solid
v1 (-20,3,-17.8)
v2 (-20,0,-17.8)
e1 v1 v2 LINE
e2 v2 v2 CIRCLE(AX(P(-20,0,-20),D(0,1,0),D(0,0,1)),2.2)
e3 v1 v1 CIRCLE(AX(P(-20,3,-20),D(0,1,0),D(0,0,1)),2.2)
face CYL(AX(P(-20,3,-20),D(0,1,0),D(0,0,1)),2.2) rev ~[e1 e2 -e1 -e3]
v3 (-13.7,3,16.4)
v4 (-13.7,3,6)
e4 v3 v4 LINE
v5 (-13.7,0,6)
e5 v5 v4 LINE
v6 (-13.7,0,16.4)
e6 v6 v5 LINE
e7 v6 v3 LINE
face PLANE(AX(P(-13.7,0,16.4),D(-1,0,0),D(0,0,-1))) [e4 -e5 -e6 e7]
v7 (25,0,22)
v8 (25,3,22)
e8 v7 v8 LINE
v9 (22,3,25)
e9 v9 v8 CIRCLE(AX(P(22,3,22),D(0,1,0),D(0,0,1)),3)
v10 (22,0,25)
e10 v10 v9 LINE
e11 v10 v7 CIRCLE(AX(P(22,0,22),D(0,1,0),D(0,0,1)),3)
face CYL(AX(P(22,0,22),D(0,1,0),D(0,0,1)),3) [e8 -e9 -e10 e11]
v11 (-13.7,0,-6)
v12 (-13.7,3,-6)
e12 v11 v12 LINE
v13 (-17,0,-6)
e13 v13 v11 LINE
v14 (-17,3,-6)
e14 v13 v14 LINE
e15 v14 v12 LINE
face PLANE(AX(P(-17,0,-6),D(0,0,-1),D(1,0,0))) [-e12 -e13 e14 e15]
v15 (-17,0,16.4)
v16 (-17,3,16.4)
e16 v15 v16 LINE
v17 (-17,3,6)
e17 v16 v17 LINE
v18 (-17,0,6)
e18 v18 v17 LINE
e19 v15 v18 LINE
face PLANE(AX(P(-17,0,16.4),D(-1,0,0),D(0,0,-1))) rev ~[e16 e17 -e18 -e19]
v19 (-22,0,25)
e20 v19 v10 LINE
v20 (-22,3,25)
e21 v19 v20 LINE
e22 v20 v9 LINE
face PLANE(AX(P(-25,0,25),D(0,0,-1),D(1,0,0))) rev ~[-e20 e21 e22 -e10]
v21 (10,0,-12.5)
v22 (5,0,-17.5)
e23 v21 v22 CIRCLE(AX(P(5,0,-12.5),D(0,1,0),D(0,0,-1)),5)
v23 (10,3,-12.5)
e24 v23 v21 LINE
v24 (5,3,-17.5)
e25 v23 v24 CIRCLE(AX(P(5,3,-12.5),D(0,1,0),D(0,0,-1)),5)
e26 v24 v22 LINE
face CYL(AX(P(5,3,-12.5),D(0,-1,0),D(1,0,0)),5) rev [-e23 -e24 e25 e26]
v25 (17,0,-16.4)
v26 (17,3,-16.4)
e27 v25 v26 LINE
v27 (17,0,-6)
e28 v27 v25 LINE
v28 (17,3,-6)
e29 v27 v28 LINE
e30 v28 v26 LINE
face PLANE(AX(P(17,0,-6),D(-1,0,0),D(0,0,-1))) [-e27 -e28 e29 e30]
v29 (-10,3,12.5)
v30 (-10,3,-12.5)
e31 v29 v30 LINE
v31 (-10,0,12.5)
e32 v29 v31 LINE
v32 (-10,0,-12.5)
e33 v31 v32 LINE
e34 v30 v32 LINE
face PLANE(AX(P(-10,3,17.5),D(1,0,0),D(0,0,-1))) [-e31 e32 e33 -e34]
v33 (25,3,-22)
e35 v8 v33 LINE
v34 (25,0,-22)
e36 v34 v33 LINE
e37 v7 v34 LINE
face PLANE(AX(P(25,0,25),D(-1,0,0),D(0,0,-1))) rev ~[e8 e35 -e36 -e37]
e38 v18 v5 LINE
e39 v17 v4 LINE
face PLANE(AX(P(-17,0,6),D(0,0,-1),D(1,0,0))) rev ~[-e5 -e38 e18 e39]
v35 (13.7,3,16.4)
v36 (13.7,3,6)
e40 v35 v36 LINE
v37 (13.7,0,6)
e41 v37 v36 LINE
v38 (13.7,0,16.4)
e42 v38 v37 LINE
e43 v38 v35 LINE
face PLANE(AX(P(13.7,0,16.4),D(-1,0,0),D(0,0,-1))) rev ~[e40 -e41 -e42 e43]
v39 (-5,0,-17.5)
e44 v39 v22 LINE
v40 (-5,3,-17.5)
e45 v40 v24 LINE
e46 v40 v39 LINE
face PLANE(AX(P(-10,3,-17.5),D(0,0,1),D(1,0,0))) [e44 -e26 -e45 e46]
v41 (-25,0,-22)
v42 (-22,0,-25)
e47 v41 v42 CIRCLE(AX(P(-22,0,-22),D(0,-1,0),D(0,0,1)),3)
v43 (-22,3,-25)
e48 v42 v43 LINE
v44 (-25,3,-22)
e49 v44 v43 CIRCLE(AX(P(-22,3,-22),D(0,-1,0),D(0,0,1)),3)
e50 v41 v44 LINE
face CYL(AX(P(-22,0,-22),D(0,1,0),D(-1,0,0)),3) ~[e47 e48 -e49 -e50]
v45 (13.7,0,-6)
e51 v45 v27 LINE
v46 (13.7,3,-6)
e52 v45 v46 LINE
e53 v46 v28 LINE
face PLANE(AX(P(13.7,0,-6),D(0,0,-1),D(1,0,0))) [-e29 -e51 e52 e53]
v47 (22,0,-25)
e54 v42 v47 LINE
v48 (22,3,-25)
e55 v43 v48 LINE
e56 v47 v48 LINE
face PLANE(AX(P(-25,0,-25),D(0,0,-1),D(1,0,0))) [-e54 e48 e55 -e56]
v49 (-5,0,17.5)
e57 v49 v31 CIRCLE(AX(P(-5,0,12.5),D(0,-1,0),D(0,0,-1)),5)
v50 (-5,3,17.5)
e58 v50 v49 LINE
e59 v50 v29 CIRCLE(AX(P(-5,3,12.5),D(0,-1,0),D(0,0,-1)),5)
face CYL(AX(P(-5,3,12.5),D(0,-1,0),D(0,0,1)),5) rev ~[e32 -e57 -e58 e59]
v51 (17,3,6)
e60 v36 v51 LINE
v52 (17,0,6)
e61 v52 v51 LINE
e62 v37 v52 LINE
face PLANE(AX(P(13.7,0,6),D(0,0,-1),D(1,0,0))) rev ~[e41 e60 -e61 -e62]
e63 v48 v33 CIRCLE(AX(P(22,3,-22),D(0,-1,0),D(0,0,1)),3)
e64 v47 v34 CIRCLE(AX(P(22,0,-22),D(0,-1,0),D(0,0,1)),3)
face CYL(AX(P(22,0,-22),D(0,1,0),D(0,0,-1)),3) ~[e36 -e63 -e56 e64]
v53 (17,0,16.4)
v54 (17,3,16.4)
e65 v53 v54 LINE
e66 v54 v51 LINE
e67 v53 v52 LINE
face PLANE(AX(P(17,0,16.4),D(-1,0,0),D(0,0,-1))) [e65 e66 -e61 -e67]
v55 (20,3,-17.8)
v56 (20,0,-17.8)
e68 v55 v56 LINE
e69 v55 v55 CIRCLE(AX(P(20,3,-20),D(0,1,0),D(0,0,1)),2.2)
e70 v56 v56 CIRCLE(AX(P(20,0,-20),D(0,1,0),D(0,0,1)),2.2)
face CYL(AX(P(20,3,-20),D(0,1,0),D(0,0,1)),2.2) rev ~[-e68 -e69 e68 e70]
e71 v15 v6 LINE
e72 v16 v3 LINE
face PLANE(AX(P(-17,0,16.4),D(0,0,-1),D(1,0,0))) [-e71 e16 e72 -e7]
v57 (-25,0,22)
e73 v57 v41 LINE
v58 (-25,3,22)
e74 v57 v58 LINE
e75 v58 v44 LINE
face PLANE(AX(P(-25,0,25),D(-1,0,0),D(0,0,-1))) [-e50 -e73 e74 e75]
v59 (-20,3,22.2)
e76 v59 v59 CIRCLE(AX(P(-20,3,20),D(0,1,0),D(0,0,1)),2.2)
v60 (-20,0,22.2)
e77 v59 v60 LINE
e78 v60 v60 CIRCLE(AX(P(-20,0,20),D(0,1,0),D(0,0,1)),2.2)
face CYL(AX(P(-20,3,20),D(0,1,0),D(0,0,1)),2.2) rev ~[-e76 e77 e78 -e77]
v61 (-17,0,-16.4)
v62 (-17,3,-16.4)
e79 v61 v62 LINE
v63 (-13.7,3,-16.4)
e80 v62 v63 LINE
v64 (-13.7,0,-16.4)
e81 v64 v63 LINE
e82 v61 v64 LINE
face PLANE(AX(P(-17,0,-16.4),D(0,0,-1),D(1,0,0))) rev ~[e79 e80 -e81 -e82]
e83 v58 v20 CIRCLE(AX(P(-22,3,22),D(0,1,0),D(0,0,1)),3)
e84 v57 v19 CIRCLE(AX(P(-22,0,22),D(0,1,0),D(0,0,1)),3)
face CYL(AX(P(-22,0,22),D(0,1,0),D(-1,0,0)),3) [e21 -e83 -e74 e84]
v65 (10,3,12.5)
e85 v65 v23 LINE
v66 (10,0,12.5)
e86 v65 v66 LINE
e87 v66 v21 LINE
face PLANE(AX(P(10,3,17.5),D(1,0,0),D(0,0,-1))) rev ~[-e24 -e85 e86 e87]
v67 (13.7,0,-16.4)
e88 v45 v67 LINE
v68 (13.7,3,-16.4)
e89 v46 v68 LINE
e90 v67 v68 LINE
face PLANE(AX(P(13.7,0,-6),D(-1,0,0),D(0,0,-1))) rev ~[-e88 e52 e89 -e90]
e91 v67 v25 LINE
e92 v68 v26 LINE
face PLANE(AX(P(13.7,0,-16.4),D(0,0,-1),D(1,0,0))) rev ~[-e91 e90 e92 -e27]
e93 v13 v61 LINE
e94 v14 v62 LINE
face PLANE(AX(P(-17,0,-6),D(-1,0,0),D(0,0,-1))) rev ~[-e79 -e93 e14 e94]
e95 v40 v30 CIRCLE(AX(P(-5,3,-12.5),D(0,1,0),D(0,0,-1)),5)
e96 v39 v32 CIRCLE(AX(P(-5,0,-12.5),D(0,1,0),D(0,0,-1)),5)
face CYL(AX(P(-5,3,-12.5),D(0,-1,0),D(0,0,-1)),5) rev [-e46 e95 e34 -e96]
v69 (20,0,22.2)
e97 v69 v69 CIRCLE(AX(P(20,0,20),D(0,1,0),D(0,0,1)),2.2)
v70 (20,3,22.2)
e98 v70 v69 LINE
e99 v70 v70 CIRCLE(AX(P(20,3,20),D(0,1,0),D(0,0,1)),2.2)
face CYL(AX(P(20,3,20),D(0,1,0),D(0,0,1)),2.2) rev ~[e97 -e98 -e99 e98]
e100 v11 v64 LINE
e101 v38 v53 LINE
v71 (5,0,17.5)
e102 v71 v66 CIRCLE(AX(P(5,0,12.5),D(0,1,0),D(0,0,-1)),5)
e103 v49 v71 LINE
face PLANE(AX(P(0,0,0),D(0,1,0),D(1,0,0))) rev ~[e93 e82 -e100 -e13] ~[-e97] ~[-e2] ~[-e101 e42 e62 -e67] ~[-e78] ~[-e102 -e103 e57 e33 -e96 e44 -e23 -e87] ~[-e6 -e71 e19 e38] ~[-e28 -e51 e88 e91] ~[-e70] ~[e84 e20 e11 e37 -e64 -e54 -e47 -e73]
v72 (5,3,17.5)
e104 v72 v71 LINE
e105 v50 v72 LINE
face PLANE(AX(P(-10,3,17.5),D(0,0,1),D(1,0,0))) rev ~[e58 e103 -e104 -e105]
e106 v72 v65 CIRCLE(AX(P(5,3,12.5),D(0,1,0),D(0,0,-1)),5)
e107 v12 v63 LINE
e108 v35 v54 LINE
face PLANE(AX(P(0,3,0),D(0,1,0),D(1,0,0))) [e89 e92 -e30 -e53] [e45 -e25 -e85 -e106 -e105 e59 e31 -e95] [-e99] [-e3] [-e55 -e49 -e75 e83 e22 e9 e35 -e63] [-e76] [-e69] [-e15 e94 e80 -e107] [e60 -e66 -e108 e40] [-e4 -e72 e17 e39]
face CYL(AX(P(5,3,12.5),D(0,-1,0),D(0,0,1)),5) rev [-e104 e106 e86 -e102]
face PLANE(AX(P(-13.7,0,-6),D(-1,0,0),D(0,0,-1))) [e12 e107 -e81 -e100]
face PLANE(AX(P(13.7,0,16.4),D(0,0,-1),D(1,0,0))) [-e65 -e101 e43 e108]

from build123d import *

# Parameters (mm, degrees)
SKETCH_1_W          = 50
SKETCH_1_H          = 50
SKETCH_1_W_2        = 3.3
SKETCH_1_H_2        = 10.4
EXTRUDE_1_DEPTH     = 3
SKETCH_2_W          = 20
SKETCH_2_H          = 35
CUT_EXTRUDE_1_DEPTH = 3
FILLET_1_R          = 5
SKETCH_3_R          = 2.2
CUT_EXTRUDE_2_DEPTH = 3
FILLET_2_R          = 3


with BuildPart() as part:
    # 草图1 → 凸台-拉伸1 (new body)
    with BuildSketch(Plane(origin=(0, 0, 0), x_dir=(1, 0, 0), z_dir=(0, 1, 0))):
        Rectangle(SKETCH_1_W, SKETCH_1_H)
        with Locations((15.35, 11.2)):
            Rectangle(SKETCH_1_W_2, SKETCH_1_H_2, mode=Mode.SUBTRACT)
        with Locations((15.35, -11.2)):
            Rectangle(SKETCH_1_W_2, SKETCH_1_H_2, mode=Mode.SUBTRACT)
        with Locations((-15.35, -11.2)):
            Rectangle(SKETCH_1_W_2, SKETCH_1_H_2, mode=Mode.SUBTRACT)
        with Locations((-15.35, 11.2)):
            Rectangle(SKETCH_1_W_2, SKETCH_1_H_2, mode=Mode.SUBTRACT)
    extrude(amount=EXTRUDE_1_DEPTH)

    # 草图2 → 切除-拉伸1 (cut)
    with BuildSketch(Plane(origin=(0, 3, 0), x_dir=(1, 0, 0), z_dir=(0, 1, 0))):
        Rectangle(SKETCH_2_W, SKETCH_2_H)
    extrude(amount=-CUT_EXTRUDE_1_DEPTH, mode=Mode.SUBTRACT)

    # 圆角1
    fillet_1_edges = [part.edges().sort_by_distance(p)[0] for p in [
        (10, 1.5, -17.5),
        (10, 1.5, 17.5),
        (-10, 1.5, 17.5),
        (-10, 1.5, -17.5),
    ]]
    fillet(fillet_1_edges, radius=FILLET_1_R)

    # 草图3 → 切除-拉伸2 (cut)
    with BuildSketch(Plane(origin=(0, 3, 0), x_dir=(1, 0, 0), z_dir=(0, 1, 0))):
        with Locations(Location((-20, 20, 0), (0, 0, 270))):
            Circle(SKETCH_3_R)
        with Locations(Location((20, 20, 0), (0, 0, 270))):
            Circle(SKETCH_3_R)
        with Locations(Location((20, -20, 0), (0, 0, 270))):
            Circle(SKETCH_3_R)
        with Locations(Location((-20, -20, 0), (0, 0, 270))):
            Circle(SKETCH_3_R)
    extrude(amount=-CUT_EXTRUDE_2_DEPTH, mode=Mode.SUBTRACT)

    # 圆角2
    fillet_2_edges = [part.edges().sort_by_distance(p)[0] for p in [
        (25, 1.5, 25),
        (-25, 1.5, 25),
        (-25, 1.5, -25),
        (25, 1.5, -25),
    ]]
    fillet(fillet_2_edges, radius=FILLET_2_R)


solid = part.part
